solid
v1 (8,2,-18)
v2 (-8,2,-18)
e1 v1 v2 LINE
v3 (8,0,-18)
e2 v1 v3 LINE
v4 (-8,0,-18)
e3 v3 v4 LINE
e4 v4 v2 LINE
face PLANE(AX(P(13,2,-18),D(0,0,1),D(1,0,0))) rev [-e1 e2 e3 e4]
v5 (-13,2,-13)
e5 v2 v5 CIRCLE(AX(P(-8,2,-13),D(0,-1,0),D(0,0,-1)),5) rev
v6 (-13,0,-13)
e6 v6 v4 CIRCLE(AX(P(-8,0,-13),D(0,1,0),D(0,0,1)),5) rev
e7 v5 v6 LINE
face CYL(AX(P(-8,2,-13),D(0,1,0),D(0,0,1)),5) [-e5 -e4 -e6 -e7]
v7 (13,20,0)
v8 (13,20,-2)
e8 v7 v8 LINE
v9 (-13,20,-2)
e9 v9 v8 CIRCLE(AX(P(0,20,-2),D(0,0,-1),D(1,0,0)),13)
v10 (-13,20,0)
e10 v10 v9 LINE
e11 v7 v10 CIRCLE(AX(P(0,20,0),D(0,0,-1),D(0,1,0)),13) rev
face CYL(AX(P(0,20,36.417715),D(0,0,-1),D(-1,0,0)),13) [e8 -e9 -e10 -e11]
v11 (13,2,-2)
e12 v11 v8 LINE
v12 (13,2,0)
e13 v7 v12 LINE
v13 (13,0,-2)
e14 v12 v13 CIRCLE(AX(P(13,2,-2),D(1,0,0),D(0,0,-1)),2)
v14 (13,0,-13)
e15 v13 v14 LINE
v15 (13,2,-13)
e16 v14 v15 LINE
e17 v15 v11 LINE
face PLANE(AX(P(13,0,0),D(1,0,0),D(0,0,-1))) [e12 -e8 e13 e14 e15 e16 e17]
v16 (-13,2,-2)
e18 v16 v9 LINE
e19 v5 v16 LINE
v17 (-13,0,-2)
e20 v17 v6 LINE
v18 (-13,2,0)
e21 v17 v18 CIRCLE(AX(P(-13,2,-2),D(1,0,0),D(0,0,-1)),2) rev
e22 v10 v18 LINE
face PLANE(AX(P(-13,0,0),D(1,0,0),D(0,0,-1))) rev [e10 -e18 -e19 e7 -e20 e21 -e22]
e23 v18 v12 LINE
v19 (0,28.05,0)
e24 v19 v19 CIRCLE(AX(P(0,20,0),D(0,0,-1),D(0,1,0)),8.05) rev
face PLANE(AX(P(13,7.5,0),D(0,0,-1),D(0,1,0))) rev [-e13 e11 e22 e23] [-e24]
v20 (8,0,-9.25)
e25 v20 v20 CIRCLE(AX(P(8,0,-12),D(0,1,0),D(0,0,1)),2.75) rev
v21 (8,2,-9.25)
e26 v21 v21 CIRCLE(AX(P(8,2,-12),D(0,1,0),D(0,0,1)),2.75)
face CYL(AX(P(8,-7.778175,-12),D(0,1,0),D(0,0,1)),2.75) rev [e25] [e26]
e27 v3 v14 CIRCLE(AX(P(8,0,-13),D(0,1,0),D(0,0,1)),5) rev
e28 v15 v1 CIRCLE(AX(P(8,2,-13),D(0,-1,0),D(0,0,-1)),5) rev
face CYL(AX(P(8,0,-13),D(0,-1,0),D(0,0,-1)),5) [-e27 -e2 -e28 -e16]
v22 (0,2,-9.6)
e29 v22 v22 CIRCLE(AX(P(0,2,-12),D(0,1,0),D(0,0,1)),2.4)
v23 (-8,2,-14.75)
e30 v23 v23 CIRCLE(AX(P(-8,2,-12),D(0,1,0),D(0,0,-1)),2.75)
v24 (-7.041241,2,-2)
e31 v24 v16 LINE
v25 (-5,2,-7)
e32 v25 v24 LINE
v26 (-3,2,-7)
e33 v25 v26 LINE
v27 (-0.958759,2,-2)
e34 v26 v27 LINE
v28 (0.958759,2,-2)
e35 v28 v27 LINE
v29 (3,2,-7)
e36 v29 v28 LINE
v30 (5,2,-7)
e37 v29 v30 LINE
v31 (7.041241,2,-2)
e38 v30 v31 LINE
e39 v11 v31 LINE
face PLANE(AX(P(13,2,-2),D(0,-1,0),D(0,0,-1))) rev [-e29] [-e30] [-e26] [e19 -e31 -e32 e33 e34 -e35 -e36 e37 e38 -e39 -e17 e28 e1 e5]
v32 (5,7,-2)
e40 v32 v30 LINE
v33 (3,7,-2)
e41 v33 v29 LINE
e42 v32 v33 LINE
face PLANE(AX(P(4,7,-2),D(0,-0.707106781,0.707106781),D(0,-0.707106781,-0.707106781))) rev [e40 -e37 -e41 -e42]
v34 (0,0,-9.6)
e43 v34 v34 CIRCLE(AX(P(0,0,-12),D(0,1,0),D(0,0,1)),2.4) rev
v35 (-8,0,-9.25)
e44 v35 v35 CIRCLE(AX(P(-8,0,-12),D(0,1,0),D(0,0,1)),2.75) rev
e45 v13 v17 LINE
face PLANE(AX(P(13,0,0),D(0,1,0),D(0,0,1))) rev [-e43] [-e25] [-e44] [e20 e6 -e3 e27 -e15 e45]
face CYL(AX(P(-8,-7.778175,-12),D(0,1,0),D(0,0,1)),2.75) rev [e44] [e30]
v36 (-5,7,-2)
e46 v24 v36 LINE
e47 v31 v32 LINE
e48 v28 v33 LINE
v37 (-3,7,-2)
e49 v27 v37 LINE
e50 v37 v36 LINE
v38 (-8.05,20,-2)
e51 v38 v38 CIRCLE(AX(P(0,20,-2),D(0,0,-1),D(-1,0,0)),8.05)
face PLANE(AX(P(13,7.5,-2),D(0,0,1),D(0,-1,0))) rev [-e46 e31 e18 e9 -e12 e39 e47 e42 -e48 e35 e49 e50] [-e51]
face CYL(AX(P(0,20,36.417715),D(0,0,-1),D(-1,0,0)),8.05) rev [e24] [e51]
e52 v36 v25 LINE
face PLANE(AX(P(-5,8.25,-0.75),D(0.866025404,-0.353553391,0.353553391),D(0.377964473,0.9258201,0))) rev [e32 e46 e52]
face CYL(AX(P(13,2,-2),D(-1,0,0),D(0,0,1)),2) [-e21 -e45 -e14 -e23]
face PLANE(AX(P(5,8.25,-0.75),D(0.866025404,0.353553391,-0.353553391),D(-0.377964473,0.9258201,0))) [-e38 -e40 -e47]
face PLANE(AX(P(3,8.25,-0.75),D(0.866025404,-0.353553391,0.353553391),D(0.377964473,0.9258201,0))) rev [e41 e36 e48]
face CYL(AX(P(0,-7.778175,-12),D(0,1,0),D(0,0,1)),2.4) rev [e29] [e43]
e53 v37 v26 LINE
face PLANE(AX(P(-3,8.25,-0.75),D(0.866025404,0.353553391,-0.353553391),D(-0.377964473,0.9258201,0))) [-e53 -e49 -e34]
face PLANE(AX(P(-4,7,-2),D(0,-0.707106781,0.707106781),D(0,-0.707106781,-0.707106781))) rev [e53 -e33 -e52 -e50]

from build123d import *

# Parameters (mm, degrees)
BOSS_EXTRUDE1_DEPTH = 13
SKETCH12_R          = 8.05
BOSS_EXTRUDE2_DEPTH = 2
FILLET3_R           = 2
SKETCH15_R          = 2.4
SKETCH15_R_2        = 2.75
CUT_EXTRUDE1_DEPTH  = 2
FILLET4_R           = 5
RIB1_REACH          = 43.255
SKETCH17_WALL_W     = 91.58167319
SKETCH17_WALL_H     = 2
RIB1_DRAFT_ANGLE    = 30
RIB2_REACH          = 43.255
SKETCH18_WALL_W     = 91.58167319
SKETCH18_WALL_H     = 2
RIB2_DRAFT_ANGLE    = 30


with BuildPart() as part:
    # Sketch1 → Boss-Extrude1 (new, symmetric)
    with BuildSketch(Plane(origin=(0, 0, 0), x_dir=(0, 0, -1), z_dir=(1, 0, 0))):
        Polygon((0, 7.5), (2, 7.5), (2, 2), (18, 2), (18, 0), (0, 0), align=None)
    extrude(amount=BOSS_EXTRUDE1_DEPTH, both=True)

    # Sketch12 → Boss-Extrude2 (add)
    with BuildSketch(Plane(origin=(0, 0, -2), x_dir=(-1, 0, 0), z_dir=(0, 0, -1))):
        with BuildLine():
            Line((13, 20), (13, 7.5))
            Line((13, 7.5), (-13, 7.5))
            Line((-13, 7.5), (-13, 20))
            ThreePointArc((-13, 20), (0, 33), (13, 20))
        make_face()
        with Locations((0, 20)):
            Circle(SKETCH12_R, mode=Mode.SUBTRACT)
    extrude(amount=-BOSS_EXTRUDE2_DEPTH)

    # Fillet3
    fillet3_edges = [part.edges().sort_by_distance(p)[0] for p in [
        (0, 0, 0),
    ]]
    fillet(fillet3_edges, radius=FILLET3_R)

    # Sketch15 → Cut-Extrude1 (cut)
    with BuildSketch(Plane(origin=(0, 2, 0), x_dir=(1, 0, 0), z_dir=(0, 1, 0))):
        with Locations(Location((0, 12, 0), (0, 0, 270))):
            Circle(SKETCH15_R)
        with Locations(Location((8, 12, 0), (0, 0, 270))):
            Circle(SKETCH15_R_2)
        with Locations(Location((-8, 12, 0), (0, 0, 270))):
            Circle(SKETCH15_R_2)
    extrude(amount=-CUT_EXTRUDE1_DEPTH, mode=Mode.SUBTRACT)

    # Fillet4
    fillet4_edges = [part.edges().sort_by_distance(p)[0] for p in [
        (13, 1, -18),
        (-13, 1, -18),
    ]]
    fillet(fillet4_edges, radius=FILLET4_R)

    # Sketch17 wall → Rib1 (add, up to next)
    with BuildSketch(Plane(origin=(4, 4.5, -4.5), x_dir=(0, -0.707106781187, -0.707106781187), z_dir=(0, 0.707106781187, -0.707106781187)), mode=Mode.PRIVATE) as rib1_sk1:
        Rectangle(SKETCH17_WALL_W, SKETCH17_WALL_H)
    rib1_tool1 = extrude(rib1_sk1.sketch, amount=-RIB1_REACH, mode=Mode.PRIVATE) - part.part
    add(rib1_tool1.solids().sort_by_distance((4, 4.5, -4.5))[0])

    # Rib1 draft
    rib1_draft_faces = [part.faces().sort_by_distance(p)[0] for p in [
        (3, 4.146446609, -4.146446609),
        (5, 4.146446609, -4.146446609),
    ]]
    draft(rib1_draft_faces, Plane(origin=(4, 4.5, -4.5), x_dir=(0, -0.707106781187, -0.707106781187), z_dir=(0, 0.707106781187, -0.707106781187)), RIB1_DRAFT_ANGLE)

    # Sketch18 wall → Rib2 (add, up to next)
    with BuildSketch(Plane(origin=(-4, 4.5, -4.5), x_dir=(0, -0.707106781187, -0.707106781187), z_dir=(0, 0.707106781187, -0.707106781187)), mode=Mode.PRIVATE) as rib2_sk1:
        Rectangle(SKETCH18_WALL_W, SKETCH18_WALL_H)
    rib2_tool1 = extrude(rib2_sk1.sketch, amount=-RIB2_REACH, mode=Mode.PRIVATE) - part.part
    add(rib2_tool1.solids().sort_by_distance((-4, 4.5, -4.5))[0])

    # Rib2 draft
    rib2_draft_faces = [part.faces().sort_by_distance(p)[0] for p in [
        (-5, 4.146446609, -4.146446609),
        (-3, 4.146446609, -4.146446609),
    ]]
    draft(rib2_draft_faces, Plane(origin=(-4, 4.5, -4.5), x_dir=(0, -0.707106781187, -0.707106781187), z_dir=(0, 0.707106781187, -0.707106781187)), RIB2_DRAFT_ANGLE)


solid = part.part
